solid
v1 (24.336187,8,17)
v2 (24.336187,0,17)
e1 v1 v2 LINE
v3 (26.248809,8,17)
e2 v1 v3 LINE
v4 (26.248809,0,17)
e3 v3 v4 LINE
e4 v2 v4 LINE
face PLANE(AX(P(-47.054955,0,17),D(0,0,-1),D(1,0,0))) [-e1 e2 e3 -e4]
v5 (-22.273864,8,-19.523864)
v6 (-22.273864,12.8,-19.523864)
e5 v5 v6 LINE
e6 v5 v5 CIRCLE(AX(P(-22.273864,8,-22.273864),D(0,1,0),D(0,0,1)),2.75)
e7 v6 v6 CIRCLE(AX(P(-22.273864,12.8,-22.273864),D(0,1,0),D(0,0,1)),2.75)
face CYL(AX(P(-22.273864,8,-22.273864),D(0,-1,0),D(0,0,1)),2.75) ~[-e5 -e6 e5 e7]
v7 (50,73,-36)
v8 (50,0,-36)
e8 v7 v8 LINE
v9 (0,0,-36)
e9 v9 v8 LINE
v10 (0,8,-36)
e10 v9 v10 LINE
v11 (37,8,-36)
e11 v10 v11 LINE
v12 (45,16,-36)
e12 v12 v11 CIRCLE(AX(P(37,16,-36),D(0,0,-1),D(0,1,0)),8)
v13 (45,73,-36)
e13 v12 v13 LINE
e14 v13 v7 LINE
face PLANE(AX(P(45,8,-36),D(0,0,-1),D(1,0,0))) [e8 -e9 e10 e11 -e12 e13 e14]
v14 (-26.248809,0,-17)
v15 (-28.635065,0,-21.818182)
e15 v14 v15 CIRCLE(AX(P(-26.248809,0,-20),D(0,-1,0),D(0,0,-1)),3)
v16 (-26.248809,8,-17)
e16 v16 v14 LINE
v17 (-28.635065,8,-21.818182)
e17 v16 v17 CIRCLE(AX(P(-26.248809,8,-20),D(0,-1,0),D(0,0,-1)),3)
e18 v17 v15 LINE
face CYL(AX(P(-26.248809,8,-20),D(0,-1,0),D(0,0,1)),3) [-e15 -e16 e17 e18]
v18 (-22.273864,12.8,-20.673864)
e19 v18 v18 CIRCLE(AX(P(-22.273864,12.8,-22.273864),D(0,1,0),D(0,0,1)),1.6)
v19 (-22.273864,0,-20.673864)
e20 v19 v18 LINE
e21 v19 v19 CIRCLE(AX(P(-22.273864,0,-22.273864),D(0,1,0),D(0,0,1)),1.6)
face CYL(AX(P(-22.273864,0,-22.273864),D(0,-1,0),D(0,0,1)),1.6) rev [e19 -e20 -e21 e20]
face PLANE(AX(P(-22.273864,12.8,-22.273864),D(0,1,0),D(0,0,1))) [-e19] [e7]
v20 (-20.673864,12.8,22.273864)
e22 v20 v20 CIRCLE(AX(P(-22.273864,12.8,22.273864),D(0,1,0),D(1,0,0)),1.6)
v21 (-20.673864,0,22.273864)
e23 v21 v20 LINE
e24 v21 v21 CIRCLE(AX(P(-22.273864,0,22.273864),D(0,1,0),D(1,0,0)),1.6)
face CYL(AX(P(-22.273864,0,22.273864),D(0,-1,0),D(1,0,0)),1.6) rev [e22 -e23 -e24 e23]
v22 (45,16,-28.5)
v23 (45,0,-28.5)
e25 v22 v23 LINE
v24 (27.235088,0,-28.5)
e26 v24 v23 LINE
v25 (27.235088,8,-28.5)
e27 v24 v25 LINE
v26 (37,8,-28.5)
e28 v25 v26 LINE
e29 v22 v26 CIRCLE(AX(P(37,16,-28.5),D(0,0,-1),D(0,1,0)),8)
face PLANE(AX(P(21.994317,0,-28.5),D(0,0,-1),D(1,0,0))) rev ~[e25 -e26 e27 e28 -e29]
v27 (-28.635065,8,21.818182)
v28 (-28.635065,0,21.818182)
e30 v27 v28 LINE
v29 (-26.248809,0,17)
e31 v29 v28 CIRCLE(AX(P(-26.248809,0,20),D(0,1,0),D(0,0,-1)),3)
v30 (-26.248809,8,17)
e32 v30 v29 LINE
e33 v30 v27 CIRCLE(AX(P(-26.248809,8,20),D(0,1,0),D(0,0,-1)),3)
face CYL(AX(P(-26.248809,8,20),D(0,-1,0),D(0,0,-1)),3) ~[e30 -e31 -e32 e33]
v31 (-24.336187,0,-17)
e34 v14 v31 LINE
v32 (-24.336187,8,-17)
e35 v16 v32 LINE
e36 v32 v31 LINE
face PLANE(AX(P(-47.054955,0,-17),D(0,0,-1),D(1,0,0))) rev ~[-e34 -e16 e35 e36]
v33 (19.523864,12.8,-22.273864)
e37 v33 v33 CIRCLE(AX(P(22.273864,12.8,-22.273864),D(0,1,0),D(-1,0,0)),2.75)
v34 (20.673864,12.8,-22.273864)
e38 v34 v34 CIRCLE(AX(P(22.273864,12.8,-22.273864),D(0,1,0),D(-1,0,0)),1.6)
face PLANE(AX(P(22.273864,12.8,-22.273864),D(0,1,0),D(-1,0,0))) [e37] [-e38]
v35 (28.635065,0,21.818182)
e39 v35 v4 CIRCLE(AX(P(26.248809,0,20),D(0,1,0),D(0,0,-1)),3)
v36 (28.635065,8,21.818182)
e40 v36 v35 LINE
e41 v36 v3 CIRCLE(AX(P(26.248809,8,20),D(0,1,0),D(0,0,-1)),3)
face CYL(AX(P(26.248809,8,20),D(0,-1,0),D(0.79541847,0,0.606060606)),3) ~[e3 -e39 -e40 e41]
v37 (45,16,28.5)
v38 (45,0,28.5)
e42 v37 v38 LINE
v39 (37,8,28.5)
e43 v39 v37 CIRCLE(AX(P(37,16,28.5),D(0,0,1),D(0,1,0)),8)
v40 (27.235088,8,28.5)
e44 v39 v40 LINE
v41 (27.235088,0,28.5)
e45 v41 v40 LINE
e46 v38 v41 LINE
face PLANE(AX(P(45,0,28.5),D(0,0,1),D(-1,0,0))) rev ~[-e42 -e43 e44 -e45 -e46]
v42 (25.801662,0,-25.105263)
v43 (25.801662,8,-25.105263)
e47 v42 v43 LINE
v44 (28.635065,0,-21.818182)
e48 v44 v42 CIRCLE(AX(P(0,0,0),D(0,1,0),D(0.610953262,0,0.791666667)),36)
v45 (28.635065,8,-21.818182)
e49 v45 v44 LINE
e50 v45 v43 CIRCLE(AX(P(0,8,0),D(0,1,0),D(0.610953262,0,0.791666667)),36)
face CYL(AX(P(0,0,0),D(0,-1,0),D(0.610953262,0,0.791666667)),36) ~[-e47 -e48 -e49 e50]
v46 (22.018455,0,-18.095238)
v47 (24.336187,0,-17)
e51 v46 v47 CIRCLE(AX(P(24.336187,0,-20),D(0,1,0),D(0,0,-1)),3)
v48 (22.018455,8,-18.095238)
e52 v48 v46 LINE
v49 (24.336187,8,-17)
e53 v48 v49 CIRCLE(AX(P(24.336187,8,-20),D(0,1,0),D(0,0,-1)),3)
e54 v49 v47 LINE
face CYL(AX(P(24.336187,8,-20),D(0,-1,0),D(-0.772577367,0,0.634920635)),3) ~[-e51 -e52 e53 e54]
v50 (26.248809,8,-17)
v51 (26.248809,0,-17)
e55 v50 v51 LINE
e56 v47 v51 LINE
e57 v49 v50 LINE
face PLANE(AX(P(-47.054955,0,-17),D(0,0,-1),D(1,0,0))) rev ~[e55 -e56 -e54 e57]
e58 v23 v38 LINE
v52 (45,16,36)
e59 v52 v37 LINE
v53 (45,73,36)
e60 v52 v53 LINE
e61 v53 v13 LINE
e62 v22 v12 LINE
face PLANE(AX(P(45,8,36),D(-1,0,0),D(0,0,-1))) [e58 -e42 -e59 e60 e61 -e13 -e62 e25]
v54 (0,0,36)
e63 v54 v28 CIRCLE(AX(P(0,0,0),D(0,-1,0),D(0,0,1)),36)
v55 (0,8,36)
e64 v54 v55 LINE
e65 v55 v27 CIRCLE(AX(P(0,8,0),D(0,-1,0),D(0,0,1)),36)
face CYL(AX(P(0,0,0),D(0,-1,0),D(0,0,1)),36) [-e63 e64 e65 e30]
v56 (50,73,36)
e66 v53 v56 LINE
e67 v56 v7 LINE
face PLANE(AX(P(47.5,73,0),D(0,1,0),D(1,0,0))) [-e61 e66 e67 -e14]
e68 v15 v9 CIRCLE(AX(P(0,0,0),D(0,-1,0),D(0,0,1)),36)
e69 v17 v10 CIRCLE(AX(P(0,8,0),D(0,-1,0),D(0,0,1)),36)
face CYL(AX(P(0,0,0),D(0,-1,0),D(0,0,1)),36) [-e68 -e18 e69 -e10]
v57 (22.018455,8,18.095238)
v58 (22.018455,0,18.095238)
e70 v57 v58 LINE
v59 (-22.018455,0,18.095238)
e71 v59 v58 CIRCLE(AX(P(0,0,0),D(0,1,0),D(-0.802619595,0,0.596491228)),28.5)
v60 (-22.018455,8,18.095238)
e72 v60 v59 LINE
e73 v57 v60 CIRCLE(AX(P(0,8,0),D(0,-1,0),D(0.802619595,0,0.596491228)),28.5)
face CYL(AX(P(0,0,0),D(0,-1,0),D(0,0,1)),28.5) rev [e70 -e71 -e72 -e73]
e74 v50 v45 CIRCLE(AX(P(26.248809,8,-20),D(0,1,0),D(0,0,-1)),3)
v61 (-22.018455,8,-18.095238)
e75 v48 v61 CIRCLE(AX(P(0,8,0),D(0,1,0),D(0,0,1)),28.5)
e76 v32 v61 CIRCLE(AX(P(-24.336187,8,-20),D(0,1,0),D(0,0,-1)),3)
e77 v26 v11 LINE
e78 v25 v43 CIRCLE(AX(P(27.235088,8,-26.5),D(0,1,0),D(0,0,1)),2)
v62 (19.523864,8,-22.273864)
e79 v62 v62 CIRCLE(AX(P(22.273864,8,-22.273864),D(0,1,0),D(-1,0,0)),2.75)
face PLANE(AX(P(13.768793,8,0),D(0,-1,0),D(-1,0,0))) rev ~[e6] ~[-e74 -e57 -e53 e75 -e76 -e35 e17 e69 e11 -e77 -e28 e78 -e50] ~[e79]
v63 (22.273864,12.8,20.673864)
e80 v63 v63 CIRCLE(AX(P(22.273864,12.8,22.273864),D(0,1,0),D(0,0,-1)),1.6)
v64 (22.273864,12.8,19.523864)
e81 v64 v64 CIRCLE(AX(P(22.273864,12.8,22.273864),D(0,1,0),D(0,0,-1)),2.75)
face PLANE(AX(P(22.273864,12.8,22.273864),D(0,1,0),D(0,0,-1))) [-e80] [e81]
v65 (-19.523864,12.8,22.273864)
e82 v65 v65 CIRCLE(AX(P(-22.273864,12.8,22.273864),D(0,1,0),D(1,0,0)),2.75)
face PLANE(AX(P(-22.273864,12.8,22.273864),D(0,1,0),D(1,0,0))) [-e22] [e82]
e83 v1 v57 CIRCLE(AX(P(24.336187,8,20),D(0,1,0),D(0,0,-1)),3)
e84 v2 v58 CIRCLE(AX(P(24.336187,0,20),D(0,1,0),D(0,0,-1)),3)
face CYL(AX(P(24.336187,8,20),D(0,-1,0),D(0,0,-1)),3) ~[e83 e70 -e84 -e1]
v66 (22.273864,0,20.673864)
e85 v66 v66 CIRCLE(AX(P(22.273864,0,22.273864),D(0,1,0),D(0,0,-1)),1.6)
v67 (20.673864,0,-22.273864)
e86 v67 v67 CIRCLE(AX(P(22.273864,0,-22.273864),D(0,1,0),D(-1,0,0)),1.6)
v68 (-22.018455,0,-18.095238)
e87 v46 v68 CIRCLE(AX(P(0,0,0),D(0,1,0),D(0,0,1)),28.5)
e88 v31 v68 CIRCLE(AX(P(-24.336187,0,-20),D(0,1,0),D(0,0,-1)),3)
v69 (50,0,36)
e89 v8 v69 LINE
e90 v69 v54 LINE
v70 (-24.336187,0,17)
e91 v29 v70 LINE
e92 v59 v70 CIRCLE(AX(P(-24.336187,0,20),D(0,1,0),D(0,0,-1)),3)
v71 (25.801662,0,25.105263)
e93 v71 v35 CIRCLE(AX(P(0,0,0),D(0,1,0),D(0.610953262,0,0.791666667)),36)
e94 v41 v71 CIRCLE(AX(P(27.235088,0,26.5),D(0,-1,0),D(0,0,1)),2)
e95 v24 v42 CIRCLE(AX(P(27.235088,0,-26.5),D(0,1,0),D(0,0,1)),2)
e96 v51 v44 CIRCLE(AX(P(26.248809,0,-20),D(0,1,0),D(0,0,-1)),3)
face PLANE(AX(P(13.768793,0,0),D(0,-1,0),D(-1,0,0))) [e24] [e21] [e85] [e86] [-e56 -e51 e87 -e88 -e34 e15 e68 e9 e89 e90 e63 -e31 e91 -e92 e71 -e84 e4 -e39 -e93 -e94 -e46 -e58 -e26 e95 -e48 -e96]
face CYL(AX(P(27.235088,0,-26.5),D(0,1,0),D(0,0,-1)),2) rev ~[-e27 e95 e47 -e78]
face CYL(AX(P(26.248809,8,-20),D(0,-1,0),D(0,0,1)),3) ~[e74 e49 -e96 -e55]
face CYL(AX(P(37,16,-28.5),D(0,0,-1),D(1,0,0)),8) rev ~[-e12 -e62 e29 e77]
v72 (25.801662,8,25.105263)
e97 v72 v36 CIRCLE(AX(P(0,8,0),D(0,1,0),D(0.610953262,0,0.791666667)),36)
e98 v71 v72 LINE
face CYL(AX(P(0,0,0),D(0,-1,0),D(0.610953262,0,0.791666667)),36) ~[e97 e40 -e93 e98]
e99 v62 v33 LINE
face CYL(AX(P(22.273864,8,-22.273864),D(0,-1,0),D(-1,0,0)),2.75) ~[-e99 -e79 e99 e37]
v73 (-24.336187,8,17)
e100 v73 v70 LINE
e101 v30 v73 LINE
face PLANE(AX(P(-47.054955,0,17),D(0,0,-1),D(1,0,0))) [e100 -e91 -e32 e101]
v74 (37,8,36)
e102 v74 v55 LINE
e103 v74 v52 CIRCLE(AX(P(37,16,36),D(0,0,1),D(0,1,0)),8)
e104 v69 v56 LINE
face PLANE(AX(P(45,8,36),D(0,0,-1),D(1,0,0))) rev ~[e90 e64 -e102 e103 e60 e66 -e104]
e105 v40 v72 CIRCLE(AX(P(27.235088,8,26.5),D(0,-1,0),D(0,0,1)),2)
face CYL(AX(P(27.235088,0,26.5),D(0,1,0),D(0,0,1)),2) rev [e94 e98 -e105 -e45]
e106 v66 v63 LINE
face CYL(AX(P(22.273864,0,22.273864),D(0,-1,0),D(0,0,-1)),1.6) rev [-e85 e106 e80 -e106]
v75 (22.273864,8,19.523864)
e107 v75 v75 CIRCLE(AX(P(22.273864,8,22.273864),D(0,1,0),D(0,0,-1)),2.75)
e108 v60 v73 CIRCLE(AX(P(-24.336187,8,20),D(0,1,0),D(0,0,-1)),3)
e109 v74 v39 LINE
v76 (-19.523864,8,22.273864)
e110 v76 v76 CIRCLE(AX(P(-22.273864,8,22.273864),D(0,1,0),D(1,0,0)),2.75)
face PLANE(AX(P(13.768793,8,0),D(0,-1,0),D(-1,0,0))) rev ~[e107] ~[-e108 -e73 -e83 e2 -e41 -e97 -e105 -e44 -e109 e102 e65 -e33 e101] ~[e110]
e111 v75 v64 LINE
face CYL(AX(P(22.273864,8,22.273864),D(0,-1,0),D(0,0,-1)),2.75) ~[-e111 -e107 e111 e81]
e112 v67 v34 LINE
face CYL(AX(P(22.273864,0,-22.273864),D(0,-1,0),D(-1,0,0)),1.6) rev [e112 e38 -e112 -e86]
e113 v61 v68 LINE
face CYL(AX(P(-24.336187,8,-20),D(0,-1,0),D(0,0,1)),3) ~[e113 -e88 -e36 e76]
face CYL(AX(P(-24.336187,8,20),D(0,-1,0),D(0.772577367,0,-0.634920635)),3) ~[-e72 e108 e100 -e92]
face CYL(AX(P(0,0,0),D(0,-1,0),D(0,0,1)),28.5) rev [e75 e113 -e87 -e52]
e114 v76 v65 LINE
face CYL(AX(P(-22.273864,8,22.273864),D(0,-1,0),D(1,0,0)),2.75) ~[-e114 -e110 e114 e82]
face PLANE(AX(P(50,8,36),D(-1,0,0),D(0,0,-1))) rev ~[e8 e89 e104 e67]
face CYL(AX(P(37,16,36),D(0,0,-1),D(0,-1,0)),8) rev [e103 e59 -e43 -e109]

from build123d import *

# Parameters (mm, degrees)
SKETCH1_R           = 28.5
BOSS_EXTRUDE2_DEPTH = 8
SKETCH3_R           = 2.75
SKETCH3_R_2         = 1.6
BOSS_EXTRUDE3_DEPTH = 4.8
CUT_EXTRUDE1_START  = -8
SKETCH4_R           = 1.6
CUT_EXTRUDE1_DEPTH  = 8
SKETCH5_W           = 5
SKETCH5_H           = 72
BOSS_EXTRUDE4_DEPTH = 65
CIRPATTERN1_COUNT   = 4
SKETCH7_W           = 84.689019003
SKETCH7_H           = 34
CUT_EXTRUDE2_DEPTH  = 8
FILLET2_R           = 3
FILLET3_R           = 2
FILLET4_R           = 8


with BuildPart() as part:
    # Sketch1 → Boss-Extrude2 (new body)
    with BuildSketch(Plane(origin=(0, 0, 0), x_dir=(1, 0, 0), z_dir=(0, 1, 0))):
        with BuildLine():
            Line((0, 36), (50, 36))
            Line((50, 36), (50, -36))
            Line((50, -36), (0, -36))
            ThreePointArc((0, -36), (-36, 0), (0, 36))
        make_face()
        with Locations(Location((0, 0, 0), (0, 0, 270))):
            Circle(SKETCH1_R, mode=Mode.SUBTRACT)
        with BuildLine():
            Line((21.994317448, 28.5), (45, 28.5))
            Line((45, 28.5), (45, -28.5))
            Line((45, -28.5), (21.994317448, -28.5))
            ThreePointArc((21.994317448, -28.5), (36, 0), (21.994317448, 28.5))
        make_face(mode=Mode.SUBTRACT)
    extrude(amount=BOSS_EXTRUDE2_DEPTH)

    # Sketch3 → Boss-Extrude3 (add)
    with BuildSketch(Plane(origin=(0, 8, 0), x_dir=(1, 0, 0), z_dir=(0, 1, 0))):
        with Locations(Location((-22.273863607, 22.273863607, 0), (0, 0, 270))):
            Circle(SKETCH3_R)
        with Locations(Location((-22.273863607, 22.273863607, 0), (0, 0, 270))):
            Circle(SKETCH3_R_2, mode=Mode.SUBTRACT)
    boss_extrude3 = extrude(amount=BOSS_EXTRUDE3_DEPTH)

    # Sketch4 → Cut-Extrude1 (cut)
    with BuildSketch(Plane(origin=(0, 8, 0), x_dir=(1, 0, 0), z_dir=(0, 1, 0)).offset(CUT_EXTRUDE1_START)):
        with Locations(Location((-22.273863607, 22.273863607, 0), (0, 0, 270))):
            Circle(SKETCH4_R)
    cut_extrude1 = extrude(amount=CUT_EXTRUDE1_DEPTH, mode=Mode.SUBTRACT)

    # Sketch5 → Boss-Extrude4 (add)
    with BuildSketch(Plane(origin=(0, 8, 0), x_dir=(1, 0, 0), z_dir=(0, 1, 0))):
        with Locations((47.5, 0)):
            Rectangle(SKETCH5_W, SKETCH5_H)
    extrude(amount=BOSS_EXTRUDE4_DEPTH)

    # CirPattern1: Boss-Extrude3, Cut-Extrude1 ×4 about axis
    cirpattern1_axis = Axis((0, 0, 0), (0, 1, 0))
    add([boss_extrude3.rotate(cirpattern1_axis, i * 360 / CIRPATTERN1_COUNT) for i in range(1, CIRPATTERN1_COUNT)])
    add([cut_extrude1.rotate(cirpattern1_axis, i * 360 / CIRPATTERN1_COUNT) for i in range(1, CIRPATTERN1_COUNT)], mode=Mode.SUBTRACT)

    # Sketch7 → Cut-Extrude2 (cut)
    with BuildSketch(Plane.XZ):
        with Locations((-4.710445778, 0)):
            Rectangle(SKETCH7_W, SKETCH7_H)
    extrude(amount=-CUT_EXTRUDE2_DEPTH, mode=Mode.SUBTRACT)

    # Fillet2
    fillet2_edges = [part.edges().sort_by_distance(p)[0] for p in [
        (22.874658467, 4, -17),
        (-31.733263305, 4, -17),
        (31.733263305, 4, -17),
        (-31.733263305, 4, 17),
        (31.733263305, 4, 17),
        (22.874658467, 4, 17),
        (-22.874658467, 4, 17),
        (-22.874658467, 4, -17),
    ]]
    fillet(fillet2_edges, radius=FILLET2_R)

    # Fillet3
    fillet3_edges = [part.edges().sort_by_distance(p)[0] for p in [
        (21.994317448, 4, -28.5),
        (21.994317448, 4, 28.5),
    ]]
    fillet(fillet3_edges, radius=FILLET3_R)

    # Fillet4
    fillet4_edges = [part.edges().sort_by_distance(p)[0] for p in [
        (45, 8, -32.25),
        (45, 8, 32.25),
    ]]
    fillet(fillet4_edges, radius=FILLET4_R)


solid = part.part
